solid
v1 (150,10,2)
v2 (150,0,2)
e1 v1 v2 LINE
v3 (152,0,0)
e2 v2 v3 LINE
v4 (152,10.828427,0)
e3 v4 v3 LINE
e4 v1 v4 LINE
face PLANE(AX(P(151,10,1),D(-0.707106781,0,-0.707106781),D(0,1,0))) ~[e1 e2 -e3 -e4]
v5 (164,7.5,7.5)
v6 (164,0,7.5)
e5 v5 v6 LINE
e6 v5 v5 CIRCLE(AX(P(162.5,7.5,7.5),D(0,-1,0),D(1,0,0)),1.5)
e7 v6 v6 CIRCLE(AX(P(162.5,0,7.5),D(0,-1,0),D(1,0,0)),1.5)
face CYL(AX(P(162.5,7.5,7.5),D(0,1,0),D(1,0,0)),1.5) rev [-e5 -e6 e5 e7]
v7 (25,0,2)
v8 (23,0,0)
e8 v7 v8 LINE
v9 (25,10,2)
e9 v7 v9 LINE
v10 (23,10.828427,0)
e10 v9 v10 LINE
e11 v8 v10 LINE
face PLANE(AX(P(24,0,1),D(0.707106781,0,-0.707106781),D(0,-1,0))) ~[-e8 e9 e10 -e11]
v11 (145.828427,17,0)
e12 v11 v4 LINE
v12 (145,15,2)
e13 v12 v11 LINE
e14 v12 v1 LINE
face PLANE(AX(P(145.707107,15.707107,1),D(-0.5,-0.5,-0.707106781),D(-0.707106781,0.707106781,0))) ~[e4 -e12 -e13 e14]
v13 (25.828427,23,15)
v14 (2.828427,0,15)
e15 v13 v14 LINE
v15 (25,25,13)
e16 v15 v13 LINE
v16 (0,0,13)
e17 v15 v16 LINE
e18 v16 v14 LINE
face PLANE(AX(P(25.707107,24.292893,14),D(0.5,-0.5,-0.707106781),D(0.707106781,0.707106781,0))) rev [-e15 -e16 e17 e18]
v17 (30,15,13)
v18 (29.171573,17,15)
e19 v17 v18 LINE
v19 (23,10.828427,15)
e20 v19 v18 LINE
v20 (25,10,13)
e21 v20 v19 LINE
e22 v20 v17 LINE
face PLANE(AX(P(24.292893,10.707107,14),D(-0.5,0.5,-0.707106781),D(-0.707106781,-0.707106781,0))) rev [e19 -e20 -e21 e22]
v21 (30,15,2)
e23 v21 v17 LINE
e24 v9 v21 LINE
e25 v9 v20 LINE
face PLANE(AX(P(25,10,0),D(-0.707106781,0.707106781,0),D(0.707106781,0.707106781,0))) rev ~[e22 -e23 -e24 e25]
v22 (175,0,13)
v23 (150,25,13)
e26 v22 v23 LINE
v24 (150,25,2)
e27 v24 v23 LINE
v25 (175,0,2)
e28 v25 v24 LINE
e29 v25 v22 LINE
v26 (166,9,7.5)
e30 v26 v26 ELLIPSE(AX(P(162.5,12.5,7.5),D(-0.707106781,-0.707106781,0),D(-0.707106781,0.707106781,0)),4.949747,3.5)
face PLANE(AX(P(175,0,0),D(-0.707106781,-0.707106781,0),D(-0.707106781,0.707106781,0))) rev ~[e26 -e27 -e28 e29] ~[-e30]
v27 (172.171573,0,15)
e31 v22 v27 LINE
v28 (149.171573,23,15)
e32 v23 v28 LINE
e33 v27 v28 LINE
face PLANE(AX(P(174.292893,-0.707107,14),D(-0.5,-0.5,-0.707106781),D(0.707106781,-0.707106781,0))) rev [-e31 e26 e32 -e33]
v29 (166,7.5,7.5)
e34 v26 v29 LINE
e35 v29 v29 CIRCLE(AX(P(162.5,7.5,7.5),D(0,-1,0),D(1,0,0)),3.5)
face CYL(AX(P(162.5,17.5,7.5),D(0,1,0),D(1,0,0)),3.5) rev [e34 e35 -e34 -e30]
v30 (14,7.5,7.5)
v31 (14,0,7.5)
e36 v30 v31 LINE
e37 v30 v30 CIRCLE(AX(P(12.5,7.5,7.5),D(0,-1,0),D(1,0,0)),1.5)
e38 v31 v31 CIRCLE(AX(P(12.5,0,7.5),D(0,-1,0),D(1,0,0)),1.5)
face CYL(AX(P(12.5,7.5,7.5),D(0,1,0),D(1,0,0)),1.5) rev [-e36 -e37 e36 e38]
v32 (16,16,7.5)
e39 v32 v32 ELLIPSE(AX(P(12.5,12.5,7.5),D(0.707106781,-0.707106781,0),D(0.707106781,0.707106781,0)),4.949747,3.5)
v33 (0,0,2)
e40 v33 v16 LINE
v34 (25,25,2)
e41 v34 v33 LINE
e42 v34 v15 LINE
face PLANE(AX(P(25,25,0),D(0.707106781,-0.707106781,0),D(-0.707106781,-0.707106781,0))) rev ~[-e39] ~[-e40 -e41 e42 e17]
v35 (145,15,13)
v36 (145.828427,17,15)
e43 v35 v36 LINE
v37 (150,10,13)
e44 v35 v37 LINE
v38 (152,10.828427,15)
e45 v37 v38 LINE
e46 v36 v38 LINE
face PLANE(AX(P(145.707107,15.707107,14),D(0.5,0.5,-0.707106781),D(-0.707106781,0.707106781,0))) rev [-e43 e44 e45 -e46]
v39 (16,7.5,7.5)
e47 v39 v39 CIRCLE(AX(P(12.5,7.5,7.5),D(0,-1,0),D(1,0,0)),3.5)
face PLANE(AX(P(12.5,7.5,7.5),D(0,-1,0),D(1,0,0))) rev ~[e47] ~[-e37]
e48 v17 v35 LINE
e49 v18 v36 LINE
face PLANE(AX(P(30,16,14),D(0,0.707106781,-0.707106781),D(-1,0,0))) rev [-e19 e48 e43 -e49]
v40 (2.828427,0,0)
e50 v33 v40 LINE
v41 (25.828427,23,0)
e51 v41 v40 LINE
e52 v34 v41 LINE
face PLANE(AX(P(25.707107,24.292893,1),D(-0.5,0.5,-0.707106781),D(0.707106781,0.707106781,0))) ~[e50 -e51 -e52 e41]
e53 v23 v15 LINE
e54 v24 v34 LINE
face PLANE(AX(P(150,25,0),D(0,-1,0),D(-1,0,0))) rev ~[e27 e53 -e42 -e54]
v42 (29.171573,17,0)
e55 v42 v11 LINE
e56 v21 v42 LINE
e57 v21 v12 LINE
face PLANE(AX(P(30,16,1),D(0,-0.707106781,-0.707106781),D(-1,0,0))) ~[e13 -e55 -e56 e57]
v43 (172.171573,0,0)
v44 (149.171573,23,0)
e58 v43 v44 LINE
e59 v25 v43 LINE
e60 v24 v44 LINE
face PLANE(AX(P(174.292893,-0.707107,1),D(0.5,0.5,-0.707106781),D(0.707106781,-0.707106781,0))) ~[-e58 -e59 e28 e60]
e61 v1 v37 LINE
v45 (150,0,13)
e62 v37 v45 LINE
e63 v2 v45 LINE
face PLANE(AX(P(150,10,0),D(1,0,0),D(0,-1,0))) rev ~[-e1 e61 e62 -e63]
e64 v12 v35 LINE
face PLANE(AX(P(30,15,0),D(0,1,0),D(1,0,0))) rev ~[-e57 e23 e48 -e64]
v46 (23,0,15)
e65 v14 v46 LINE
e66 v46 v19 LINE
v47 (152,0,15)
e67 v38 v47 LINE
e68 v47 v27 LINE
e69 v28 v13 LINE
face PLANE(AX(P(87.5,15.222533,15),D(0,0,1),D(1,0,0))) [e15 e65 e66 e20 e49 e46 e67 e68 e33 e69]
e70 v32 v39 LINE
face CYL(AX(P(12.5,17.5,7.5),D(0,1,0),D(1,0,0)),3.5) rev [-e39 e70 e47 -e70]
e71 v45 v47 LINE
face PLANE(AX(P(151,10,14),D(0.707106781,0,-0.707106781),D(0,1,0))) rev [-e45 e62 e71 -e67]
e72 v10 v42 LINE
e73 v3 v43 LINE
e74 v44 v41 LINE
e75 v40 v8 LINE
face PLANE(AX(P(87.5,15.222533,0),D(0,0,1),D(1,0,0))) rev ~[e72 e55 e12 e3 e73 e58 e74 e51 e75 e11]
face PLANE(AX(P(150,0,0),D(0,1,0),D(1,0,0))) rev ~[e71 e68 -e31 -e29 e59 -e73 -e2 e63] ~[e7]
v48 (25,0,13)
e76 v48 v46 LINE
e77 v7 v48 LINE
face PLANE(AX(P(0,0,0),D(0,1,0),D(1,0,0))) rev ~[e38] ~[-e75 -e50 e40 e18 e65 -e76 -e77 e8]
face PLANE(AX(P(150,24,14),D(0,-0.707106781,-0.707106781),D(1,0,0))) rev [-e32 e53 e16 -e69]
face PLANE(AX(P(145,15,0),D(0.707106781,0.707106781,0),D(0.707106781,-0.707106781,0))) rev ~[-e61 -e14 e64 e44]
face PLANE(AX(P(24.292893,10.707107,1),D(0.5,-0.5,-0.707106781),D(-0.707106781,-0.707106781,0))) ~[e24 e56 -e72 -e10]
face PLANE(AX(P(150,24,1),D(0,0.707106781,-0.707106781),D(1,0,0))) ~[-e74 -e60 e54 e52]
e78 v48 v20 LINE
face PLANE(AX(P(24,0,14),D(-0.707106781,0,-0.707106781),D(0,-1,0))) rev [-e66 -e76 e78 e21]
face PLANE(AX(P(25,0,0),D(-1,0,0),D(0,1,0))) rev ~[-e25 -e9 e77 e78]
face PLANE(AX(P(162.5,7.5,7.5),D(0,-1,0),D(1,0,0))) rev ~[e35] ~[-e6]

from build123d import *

# Parameters (mm, degrees)
CYLINDER001_R     = 3.5
CYLINDER001_DEPTH = 10
CYLINDER002_R     = 1.5
CYLINDER002_DEPTH = 7.5
CYLINDER003_R     = 3.5
CYLINDER003_DEPTH = 10
CYLINDER_R        = 1.5
CYLINDER_DEPTH    = 7.5
EXTRUDE_DEPTH     = 15
CHAMFER_SIZE      = 2


with BuildPart() as screwheadhole000:
    # Cylinder001 → Cylinder001 (new body)
    with BuildSketch(Plane(origin=(12.5, 17.5, 7.5), x_dir=(1, 0, 0), z_dir=(0, -1, 0))):
        Circle(CYLINDER001_R)
    extrude(amount=CYLINDER001_DEPTH)


with BuildPart() as screwhole001:
    # Cylinder002 → Cylinder002 (new body)
    with BuildSketch(Plane(origin=(162.5, 7.5, 7.5), x_dir=(1, 0, 0), z_dir=(0, -1, 0))):
        Circle(CYLINDER002_R)
    extrude(amount=CYLINDER002_DEPTH)


with BuildPart() as screwheadhole001:
    # Cylinder003 → Cylinder003 (new body)
    with BuildSketch(Plane(origin=(162.5, 17.5, 7.5), x_dir=(1, 0, 0), z_dir=(0, -1, 0))):
        Circle(CYLINDER003_R)
    extrude(amount=CYLINDER003_DEPTH)


with BuildPart() as fusion:
    # Cylinder → Cylinder (new body)
    with BuildSketch(Plane(origin=(12.5, 7.5, 7.5), x_dir=(1, 0, 0), z_dir=(0, -1, 0))):
        Circle(CYLINDER_R)
    extrude(amount=CYLINDER_DEPTH)

    # Fusion: union screwheadhole000, screwhole001, screwheadhole001
    add(screwheadhole000.part)
    add(screwhole001.part)
    add(screwheadhole001.part)


with BuildPart() as cut:
    # Sketch → Extrude (new body)
    with BuildSketch(Plane.XY):
        Polygon((0, 0), (25, 0), (25, 10), (30, 15), (145, 15), (150, 10), (150, 0), (175, 0), (150, 25), (25, 25), align=None)
    extrude(amount=EXTRUDE_DEPTH)

    # Chamfer
    chamfer_edges = [cut.edges().sort_by_distance(p)[0] for p in [
        (25, 5, 0),
        (25, 5, 15),
        (27.5, 12.5, 0),
        (27.5, 12.5, 15),
        (87.5, 15, 0),
        (87.5, 15, 15),
        (147.5, 12.5, 0),
        (147.5, 12.5, 15),
        (150, 5, 0),
        (150, 5, 15),
        (162.5, 12.5, 0),
        (162.5, 12.5, 15),
        (87.5, 25, 0),
        (87.5, 25, 15),
        (12.5, 12.5, 0),
        (12.5, 12.5, 15),
    ]]
    chamfer(chamfer_edges, length=CHAMFER_SIZE)

    # Cut: cut Fusion
    add(fusion.part, mode=Mode.SUBTRACT)


solid = cut.part
